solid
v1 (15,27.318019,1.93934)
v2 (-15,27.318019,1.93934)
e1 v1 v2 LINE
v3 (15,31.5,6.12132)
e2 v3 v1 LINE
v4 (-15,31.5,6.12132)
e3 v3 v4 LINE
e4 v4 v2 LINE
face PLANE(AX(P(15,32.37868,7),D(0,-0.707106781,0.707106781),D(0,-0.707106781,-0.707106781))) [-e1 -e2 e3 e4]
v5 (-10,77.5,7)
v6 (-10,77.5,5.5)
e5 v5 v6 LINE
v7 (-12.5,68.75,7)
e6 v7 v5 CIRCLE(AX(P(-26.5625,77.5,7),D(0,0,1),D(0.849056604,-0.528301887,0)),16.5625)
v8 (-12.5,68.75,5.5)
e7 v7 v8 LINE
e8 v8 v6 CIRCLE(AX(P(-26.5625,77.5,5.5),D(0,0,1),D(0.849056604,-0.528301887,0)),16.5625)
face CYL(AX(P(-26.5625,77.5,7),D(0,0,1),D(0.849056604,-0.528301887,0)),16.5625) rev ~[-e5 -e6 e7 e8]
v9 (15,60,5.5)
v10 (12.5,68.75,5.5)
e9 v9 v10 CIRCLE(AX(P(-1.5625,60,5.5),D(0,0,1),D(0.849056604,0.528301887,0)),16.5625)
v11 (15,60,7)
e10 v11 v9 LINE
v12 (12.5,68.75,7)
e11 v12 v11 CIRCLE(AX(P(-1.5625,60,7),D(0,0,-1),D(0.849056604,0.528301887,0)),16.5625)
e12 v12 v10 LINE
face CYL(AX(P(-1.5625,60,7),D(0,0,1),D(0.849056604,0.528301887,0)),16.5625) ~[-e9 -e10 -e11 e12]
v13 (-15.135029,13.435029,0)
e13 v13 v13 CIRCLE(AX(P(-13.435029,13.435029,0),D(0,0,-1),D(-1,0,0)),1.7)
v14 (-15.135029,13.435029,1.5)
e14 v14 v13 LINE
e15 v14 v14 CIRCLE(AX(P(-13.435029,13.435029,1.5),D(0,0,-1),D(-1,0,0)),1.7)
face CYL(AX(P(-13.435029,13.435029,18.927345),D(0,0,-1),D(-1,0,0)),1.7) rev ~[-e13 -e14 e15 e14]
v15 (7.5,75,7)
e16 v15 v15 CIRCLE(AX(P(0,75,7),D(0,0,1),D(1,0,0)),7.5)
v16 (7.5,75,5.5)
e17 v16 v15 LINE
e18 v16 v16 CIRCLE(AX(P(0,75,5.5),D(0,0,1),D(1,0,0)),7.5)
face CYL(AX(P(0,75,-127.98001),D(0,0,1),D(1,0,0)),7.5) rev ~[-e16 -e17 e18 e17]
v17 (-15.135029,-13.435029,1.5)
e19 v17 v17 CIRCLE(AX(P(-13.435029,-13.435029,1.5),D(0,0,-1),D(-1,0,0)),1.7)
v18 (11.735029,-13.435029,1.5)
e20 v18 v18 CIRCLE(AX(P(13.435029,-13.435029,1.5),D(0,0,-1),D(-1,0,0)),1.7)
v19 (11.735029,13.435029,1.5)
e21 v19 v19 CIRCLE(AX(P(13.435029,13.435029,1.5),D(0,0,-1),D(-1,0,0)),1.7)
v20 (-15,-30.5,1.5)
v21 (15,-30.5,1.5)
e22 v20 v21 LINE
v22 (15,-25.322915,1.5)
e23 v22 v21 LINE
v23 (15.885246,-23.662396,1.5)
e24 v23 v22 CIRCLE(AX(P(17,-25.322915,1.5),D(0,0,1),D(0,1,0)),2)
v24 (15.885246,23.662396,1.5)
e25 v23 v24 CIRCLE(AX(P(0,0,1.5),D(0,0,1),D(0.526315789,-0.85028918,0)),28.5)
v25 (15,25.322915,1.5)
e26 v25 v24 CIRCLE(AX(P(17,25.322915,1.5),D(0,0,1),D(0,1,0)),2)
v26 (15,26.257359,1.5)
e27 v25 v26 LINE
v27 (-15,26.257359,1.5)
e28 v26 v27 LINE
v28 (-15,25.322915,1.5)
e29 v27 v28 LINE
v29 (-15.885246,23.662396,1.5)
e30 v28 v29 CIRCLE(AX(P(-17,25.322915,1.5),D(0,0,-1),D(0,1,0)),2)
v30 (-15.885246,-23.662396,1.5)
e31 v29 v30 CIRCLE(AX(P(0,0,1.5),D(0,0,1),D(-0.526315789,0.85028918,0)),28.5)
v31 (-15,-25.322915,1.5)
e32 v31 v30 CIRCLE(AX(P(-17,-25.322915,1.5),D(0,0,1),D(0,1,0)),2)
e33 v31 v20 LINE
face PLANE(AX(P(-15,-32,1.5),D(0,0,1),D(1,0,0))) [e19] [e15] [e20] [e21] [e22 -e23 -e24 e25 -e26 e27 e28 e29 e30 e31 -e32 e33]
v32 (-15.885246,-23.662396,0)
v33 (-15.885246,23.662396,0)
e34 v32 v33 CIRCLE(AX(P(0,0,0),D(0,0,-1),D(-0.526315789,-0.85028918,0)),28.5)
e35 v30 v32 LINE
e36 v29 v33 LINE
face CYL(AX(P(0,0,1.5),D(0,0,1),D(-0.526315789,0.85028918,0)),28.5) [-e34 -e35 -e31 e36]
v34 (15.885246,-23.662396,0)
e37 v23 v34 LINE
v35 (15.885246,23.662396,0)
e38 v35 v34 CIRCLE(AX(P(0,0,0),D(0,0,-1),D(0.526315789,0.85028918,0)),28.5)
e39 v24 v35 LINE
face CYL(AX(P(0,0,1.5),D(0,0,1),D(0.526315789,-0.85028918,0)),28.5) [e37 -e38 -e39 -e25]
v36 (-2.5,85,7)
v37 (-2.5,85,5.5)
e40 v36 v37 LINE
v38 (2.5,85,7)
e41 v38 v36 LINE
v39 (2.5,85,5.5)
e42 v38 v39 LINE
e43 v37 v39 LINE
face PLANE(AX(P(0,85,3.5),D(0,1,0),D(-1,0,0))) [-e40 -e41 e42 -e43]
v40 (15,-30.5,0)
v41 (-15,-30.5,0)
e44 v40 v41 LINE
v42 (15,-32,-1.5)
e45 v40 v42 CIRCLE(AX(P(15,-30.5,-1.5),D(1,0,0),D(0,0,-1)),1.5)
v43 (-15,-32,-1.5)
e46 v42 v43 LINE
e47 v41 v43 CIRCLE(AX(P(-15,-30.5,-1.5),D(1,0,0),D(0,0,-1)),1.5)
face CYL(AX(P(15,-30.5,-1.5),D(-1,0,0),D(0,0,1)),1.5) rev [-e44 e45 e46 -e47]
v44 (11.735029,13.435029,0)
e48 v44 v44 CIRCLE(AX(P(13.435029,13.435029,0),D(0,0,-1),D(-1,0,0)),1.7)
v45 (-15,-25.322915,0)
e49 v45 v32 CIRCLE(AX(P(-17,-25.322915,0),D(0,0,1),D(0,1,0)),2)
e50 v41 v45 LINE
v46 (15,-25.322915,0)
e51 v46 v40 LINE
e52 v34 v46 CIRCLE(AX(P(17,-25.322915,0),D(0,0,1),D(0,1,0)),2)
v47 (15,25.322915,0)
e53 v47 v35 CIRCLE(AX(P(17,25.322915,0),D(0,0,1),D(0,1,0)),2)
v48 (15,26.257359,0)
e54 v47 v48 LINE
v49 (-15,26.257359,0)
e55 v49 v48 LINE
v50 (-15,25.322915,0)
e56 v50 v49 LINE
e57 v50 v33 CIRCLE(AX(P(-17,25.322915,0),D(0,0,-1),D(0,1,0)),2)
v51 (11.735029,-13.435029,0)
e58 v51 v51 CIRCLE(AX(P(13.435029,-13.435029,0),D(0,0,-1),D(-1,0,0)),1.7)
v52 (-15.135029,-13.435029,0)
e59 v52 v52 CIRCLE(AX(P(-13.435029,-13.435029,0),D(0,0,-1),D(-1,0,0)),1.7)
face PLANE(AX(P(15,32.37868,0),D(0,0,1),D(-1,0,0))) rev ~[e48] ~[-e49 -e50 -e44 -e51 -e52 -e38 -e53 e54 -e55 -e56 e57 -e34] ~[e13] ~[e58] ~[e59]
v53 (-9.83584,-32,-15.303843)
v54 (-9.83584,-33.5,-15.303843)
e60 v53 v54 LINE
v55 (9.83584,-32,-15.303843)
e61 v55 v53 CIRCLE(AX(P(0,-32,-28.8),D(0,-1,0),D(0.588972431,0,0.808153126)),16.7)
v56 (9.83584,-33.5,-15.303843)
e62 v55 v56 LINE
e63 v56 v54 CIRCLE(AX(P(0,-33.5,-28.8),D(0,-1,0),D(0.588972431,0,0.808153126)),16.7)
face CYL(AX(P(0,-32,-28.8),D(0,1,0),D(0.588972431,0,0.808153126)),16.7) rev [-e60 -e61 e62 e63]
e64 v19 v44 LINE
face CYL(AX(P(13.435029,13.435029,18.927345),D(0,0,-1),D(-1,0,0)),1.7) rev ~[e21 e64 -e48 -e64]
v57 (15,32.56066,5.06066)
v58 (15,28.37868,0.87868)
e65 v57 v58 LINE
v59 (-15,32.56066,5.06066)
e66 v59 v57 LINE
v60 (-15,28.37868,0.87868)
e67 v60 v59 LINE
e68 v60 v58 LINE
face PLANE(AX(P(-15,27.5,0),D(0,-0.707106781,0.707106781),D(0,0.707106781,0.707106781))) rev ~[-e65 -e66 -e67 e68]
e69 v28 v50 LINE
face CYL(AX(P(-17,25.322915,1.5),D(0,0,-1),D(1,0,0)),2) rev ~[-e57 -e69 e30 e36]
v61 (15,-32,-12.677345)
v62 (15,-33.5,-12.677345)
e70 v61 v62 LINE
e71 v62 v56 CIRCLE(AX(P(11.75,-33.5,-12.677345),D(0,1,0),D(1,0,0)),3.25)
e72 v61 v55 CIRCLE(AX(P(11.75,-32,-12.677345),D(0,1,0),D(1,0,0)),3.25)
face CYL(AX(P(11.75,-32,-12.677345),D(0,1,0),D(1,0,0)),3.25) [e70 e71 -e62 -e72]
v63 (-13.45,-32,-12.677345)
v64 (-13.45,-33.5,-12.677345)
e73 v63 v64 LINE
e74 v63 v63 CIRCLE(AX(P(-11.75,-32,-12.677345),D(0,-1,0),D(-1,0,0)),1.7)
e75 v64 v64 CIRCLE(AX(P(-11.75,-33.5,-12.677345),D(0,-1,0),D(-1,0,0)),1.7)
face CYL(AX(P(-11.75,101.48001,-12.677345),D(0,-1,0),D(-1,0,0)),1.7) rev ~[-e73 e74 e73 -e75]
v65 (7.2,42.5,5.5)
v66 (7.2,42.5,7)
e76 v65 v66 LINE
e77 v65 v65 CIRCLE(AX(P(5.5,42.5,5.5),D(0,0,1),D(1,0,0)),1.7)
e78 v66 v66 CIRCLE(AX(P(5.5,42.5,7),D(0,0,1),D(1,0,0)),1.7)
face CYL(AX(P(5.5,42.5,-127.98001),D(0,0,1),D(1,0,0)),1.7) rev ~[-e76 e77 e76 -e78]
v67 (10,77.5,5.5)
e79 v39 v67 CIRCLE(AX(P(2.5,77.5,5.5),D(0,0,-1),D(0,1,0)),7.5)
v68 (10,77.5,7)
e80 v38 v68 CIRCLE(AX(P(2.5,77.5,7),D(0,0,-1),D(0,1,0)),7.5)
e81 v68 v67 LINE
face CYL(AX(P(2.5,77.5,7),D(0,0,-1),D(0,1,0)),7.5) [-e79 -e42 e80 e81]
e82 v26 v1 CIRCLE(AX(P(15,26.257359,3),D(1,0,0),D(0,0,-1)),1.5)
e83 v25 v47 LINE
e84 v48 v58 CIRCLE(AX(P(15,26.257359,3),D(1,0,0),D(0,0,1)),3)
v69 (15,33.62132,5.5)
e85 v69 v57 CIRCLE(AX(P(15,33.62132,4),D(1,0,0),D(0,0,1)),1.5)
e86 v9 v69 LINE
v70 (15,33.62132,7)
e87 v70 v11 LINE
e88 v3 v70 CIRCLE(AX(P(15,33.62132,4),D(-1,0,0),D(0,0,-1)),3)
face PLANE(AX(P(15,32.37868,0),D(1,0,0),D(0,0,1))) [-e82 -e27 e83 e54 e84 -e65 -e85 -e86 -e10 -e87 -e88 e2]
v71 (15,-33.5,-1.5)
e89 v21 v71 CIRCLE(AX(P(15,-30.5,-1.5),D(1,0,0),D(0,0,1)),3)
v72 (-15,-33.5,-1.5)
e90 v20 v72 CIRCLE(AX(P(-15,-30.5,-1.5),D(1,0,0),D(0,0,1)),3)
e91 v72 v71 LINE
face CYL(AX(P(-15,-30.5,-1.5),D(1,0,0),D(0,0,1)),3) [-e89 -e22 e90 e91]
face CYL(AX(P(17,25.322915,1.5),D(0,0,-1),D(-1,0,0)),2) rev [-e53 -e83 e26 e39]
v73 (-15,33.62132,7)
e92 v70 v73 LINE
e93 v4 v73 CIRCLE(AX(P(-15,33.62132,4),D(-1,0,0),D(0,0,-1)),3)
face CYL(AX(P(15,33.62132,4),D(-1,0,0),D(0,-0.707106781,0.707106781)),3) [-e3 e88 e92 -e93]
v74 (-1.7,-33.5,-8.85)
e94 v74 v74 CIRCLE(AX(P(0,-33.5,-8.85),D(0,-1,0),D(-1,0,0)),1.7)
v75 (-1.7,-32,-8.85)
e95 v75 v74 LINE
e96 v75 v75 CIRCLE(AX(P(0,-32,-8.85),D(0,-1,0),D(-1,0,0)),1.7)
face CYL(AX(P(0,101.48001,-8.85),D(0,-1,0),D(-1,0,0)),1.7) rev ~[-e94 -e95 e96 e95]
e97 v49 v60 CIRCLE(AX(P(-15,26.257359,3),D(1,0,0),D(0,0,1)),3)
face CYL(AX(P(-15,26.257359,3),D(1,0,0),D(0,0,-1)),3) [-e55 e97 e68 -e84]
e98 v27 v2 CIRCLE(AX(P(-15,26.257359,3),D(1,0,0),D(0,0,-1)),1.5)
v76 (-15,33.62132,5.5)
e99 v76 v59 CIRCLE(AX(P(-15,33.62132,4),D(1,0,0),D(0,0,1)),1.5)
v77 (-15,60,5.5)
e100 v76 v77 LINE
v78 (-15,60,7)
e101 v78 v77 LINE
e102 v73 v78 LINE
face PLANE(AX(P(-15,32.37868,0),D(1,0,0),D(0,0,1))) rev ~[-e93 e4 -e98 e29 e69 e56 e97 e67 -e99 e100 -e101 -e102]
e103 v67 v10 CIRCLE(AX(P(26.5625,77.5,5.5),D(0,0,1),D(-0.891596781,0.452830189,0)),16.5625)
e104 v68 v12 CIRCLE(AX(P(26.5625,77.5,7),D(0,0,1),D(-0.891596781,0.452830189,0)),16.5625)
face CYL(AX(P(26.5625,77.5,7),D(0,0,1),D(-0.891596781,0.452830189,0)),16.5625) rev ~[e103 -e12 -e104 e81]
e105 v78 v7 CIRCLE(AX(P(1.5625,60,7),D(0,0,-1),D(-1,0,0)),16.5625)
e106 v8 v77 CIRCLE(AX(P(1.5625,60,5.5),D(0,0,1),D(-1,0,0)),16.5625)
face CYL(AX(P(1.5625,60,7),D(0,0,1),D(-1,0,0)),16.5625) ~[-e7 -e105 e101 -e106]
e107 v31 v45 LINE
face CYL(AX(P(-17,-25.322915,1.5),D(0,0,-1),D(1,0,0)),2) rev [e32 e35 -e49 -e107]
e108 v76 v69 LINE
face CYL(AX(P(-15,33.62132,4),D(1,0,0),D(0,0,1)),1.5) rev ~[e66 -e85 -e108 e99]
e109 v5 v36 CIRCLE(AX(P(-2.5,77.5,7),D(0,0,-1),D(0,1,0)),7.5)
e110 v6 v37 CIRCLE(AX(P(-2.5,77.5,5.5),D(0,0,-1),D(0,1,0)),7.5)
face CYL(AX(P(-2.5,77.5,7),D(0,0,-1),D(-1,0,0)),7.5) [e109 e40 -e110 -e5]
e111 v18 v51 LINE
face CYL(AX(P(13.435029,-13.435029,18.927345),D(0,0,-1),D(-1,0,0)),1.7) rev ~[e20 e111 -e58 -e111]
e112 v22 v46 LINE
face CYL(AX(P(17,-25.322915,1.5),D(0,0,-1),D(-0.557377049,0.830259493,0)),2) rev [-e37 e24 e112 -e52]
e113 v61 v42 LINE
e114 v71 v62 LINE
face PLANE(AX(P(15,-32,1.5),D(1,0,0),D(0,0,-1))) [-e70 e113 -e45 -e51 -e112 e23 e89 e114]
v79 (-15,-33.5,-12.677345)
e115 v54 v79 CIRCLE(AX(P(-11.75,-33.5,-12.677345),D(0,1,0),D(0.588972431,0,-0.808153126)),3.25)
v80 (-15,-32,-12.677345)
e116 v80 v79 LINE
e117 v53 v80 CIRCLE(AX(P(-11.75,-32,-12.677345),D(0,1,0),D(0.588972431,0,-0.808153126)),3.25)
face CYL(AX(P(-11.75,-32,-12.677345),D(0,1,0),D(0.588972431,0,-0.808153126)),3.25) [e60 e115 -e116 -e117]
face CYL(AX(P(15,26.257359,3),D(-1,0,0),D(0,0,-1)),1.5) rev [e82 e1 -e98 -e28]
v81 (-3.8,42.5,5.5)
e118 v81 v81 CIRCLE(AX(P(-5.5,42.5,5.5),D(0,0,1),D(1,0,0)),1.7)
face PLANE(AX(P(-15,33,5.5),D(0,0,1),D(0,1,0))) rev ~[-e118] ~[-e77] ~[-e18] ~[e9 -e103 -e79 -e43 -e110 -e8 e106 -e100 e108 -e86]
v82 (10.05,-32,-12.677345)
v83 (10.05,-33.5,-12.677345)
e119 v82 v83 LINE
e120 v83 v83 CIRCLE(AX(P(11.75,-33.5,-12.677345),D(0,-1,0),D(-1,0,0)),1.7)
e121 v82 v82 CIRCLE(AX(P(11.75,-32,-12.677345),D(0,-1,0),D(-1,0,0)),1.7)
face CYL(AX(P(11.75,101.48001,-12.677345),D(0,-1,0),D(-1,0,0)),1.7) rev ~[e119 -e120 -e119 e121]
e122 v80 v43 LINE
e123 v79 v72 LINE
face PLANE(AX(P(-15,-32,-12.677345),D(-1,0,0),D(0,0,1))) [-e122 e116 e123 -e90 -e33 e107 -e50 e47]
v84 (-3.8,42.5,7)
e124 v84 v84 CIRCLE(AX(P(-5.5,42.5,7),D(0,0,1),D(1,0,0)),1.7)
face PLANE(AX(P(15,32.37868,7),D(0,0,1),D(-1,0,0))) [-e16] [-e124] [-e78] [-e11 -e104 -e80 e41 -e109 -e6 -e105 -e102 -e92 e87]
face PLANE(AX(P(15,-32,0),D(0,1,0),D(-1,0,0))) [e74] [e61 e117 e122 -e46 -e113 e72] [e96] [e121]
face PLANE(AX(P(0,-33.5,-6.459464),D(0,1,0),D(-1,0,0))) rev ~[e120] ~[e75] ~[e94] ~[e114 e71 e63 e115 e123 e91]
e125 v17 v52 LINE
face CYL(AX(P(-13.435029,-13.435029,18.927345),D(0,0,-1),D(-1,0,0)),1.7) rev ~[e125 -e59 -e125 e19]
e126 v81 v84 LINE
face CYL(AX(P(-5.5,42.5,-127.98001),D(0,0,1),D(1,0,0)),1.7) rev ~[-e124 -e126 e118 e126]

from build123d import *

# Parameters (mm, degrees)
EXTRUDE_1_DEPTH             = 30
EXTRUDE_2_DEPTH             = 14.177345132
SKETCH_3_W                  = 30
SKETCH_3_H                  = 14.177345132
EXTRUDE_3_DEPTH             = 7.766758368
EXTRUDE_4_DEPTH             = 1.5
CUT_EXTRUDE_START           = -0.577345132
CUT_EXTRUDE_1_DEPTH         = 0.577345132
CUT_EXTRUDE_START_2         = -12.1
CUT_EXTRUDE_2_DEPTH         = 12.1
SKETCH_7_W                  = 30
SKETCH_7_H                  = 7
EXTRUDE_5_DEPTH             = 52.621320344
CUT_EXTRUDE_3_DEPTH         = 97.803565652
CUT_EXTRUDE_4_DEPTH         = 93.536010044
CUT_EXTRUDE_5_DEPTH         = 93.536010044
HOLE_WIZARD_3_4_3_4_1_D     = 3.4
HOLE_WIZARD_3_4_3_4_2_D     = 3.4
HOLE_WIZARD_15_0_15_1_D     = 15
HOLE_WIZARD_3_4_3_4_3_D     = 3.4
HOLE_WIZARD_3_4_3_4_3_DEPTH = 17.427345132
FILLET_1_R                  = 1.5
FILLET_2_R                  = 2
FILLET_3_R                  = 3
FILLET_4_R                  = 7.5


with BuildPart() as part:
    # 草图1 → 凸台-拉伸1 (new body)
    with BuildSketch(Plane(origin=(15, 0, 0), x_dir=(0, 0, -1), z_dir=(1, 0, 0))):
        Polygon((-7, 32.378679656), (-1.5, 26.878679656), (-1.5, 32.378679656), align=None)
    extrude(amount=-EXTRUDE_1_DEPTH)

    # 草图2 → 凸台-拉伸2 (add)
    with BuildSketch(Plane(origin=(0, 0, 1.5), x_dir=(-1, 0, 0), z_dir=(0, 0, -1))):
        with BuildLine():
            Line((-15, 24.233241632), (-15, 32.378679656))
            Line((-15, 32.378679656), (15, 32.378679656))
            Line((15, 32.378679656), (15, 24.233241632))
            ThreePointArc((15, 24.233241632), (28.5, 0), (15, -24.233241632))
            Line((15, -24.233241632), (-15, -24.233241632))
            ThreePointArc((-15, -24.233241632), (-28.5, 0), (-15, 24.233241632))
        make_face()
    extrude(amount=EXTRUDE_2_DEPTH)

    # 草图3 → 凸台-拉伸3 (add)
    with BuildSketch(Plane.XZ.offset(24.233241632)):
        with Locations((0, -5.588672566)):
            Rectangle(SKETCH_3_W, SKETCH_3_H)
    extrude(amount=EXTRUDE_3_DEPTH)

    # 草图4 → 凸台-拉伸4 (add)
    with BuildSketch(Plane.XZ.offset(32)):
        with BuildLine():
            Line((15, 1.5), (15, -12.677345132))
            ThreePointArc((15, -12.677345132), (13.223342916, -15.57419871), (9.835839599, -15.303842792))
            ThreePointArc((9.835839599, -15.303842792), (0, -12.1), (-9.835839599, -15.303842792))
            ThreePointArc((-9.835839599, -15.303842792), (-13.223342916, -15.57419871), (-15, -12.677345132))
            Line((-15, -12.677345132), (-15, 1.5))
            Line((-15, 1.5), (15, 1.5))
        make_face()
    extrude(amount=EXTRUDE_4_DEPTH)

    # 草图5 → 切除-拉伸1 (cut)
    with BuildSketch(Plane(origin=(0, 0, -12.677345132), x_dir=(-1, 0, 0), z_dir=(0, 0, -1)).offset(CUT_EXTRUDE_START)):
        with BuildLine():
            Line((15, 24.233241632), (15, 32.378679656))
            Line((15, 32.378679656), (-15, 32.378679656))
            Line((-15, 32.378679656), (-15, 24.233241632))
            ThreePointArc((-15, 24.233241632), (-28.5, 0), (-15, -24.233241632))
            Line((-15, -24.233241632), (-15, -32))
            Line((-15, -32), (0, -32))
            Line((0, -32), (15, -32))
            Line((15, -32), (15, -24.233241632))
            ThreePointArc((15, -24.233241632), (28.5, 0), (15, 24.233241632))
        make_face()
    extrude(amount=CUT_EXTRUDE_1_DEPTH, mode=Mode.SUBTRACT)

    # 草图6 → 切除-拉伸2 (cut)
    with BuildSketch(Plane(origin=(0, 0, -12.1), x_dir=(-1, 0, 0), z_dir=(0, 0, -1)).offset(CUT_EXTRUDE_START_2)):
        with BuildLine():
            Line((15, 24.233241632), (15, 32.378679656))
            Line((15, 32.378679656), (-15, 32.378679656))
            Line((-15, 32.378679656), (-15, 24.233241632))
            ThreePointArc((-15, 24.233241632), (-28.5, 0), (-15, -24.233241632))
            Line((-15, -24.233241632), (-15, -32))
            Line((-15, -32), (15, -32))
            Line((15, -32), (15, -24.233241632))
            ThreePointArc((15, -24.233241632), (28.5, 0), (15, 24.233241632))
        make_face()
    extrude(amount=CUT_EXTRUDE_2_DEPTH, mode=Mode.SUBTRACT)

    # 草图7 → 凸台-拉伸5 (add)
    with BuildSketch(Plane(origin=(0, 32.378679656, 0), x_dir=(-1, 0, 0), z_dir=(0, 1, 0))):
        with Locations((0, 3.5)):
            Rectangle(SKETCH_7_W, SKETCH_7_H)
    extrude(amount=EXTRUDE_5_DEPTH)

    # 草图8 → 切除-拉伸3 (cut, through all)
    with BuildSketch(Plane.ZY.offset(15)):
        Polygon((0, 27.5), (5.5, 33), (5.5, 85), (0, 85), align=None)
    extrude(amount=-CUT_EXTRUDE_3_DEPTH, mode=Mode.SUBTRACT)

    # 草图9 → 切除-拉伸4 (cut, through all)
    with BuildSketch(Plane.XY.offset(7)):
        with BuildLine():
            Line((-11.795428312, 85), (-15, 85))
            Line((-15, 85), (-15, 60))
            ThreePointArc((-15, 60), (-14.362740383, 64.550068681), (-12.5, 68.75))
            ThreePointArc((-12.5, 68.75), (-10.015546325, 76.782552918), (-11.795428312, 85))
        make_face()
    extrude(amount=-CUT_EXTRUDE_4_DEPTH, mode=Mode.SUBTRACT)

    # 草图10 → 切除-拉伸5 (cut, through all)
    with BuildSketch(Plane.XY.offset(7)):
        with BuildLine():
            Line((15, 60), (15, 85))
            Line((15, 85), (11.795428312, 85))
            ThreePointArc((11.795428312, 85), (10.015546325, 76.782552918), (12.5, 68.75))
            ThreePointArc((12.5, 68.75), (14.362740383, 64.550068681), (15, 60))
        make_face()
    extrude(amount=-CUT_EXTRUDE_5_DEPTH, mode=Mode.SUBTRACT)

    # Ø3.4 (3.4) 直径孔1 (through all)
    with Locations(Plane(origin=(0, 0, 5.5), x_dir=(-1, 0, 0), z_dir=(0, 0, -1))):
        with Locations((5.5, 42.5), (-5.5, 42.5)):
            Hole(HOLE_WIZARD_3_4_3_4_1_D / 2)

    # Ø3.4 (3.4) 直径孔2 (through all)
    with Locations(Plane(origin=(0, -32, 0), x_dir=(1, 0, 0), z_dir=(0, 1, 0))):
        with Locations((-11.75, 12.677345132), (0, 8.85), (11.75, 12.677345132)):
            Hole(HOLE_WIZARD_3_4_3_4_2_D / 2)

    # Ø15.0 (15) 直径孔1 (through all)
    with Locations(Plane(origin=(0, 0, 5.5), x_dir=(-1, 0, 0), z_dir=(0, 0, -1))):
        with Locations((0, 75)):
            Hole(HOLE_WIZARD_15_0_15_1_D / 2)

    # Ø3.4 (3.4) 直径孔3
    with Locations(Plane.XY.offset(1.5)):
        with Locations((-13.435028843, -13.435028843), (-13.435028843, 13.435028843), (13.435028843, -13.435028843), (13.435028843, 13.435028843)):
            Hole(HOLE_WIZARD_3_4_3_4_3_D / 2, depth=HOLE_WIZARD_3_4_3_4_3_DEPTH)

    # 圆角1
    fillet_1_edges = [part.edges().sort_by_distance(p)[0] for p in [
        (0, -32, 0),
        (0, 33, 5.5),
        (0, 26.878679656, 1.5),
    ]]
    fillet(fillet_1_edges, radius=FILLET_1_R)

    # 圆角2
    fillet_2_edges = [part.edges().sort_by_distance(p)[0] for p in [
        (-15, -24.233241632, 0.75),
        (15, -24.233241632, 0.75),
        (-15, 24.233241632, 0.75),
        (15, 24.233241632, 0.75),
    ]]
    fillet(fillet_2_edges, radius=FILLET_2_R)

    # 圆角3
    fillet_3_edges = [part.edges().sort_by_distance(p)[0] for p in [
        (0, 27.5, 0),
        (0, -33.5, 1.5),
        (0, 32.378679656, 7),
    ]]
    fillet(fillet_3_edges, radius=FILLET_3_R)

    # 圆角4
    fillet_4_edges = [part.edges().sort_by_distance(p)[0] for p in [
        (-11.795428312, 85, 6.25),
        (11.795428312, 85, 6.25),
    ]]
    fillet(fillet_4_edges, radius=FILLET_4_R)


solid = part.part
